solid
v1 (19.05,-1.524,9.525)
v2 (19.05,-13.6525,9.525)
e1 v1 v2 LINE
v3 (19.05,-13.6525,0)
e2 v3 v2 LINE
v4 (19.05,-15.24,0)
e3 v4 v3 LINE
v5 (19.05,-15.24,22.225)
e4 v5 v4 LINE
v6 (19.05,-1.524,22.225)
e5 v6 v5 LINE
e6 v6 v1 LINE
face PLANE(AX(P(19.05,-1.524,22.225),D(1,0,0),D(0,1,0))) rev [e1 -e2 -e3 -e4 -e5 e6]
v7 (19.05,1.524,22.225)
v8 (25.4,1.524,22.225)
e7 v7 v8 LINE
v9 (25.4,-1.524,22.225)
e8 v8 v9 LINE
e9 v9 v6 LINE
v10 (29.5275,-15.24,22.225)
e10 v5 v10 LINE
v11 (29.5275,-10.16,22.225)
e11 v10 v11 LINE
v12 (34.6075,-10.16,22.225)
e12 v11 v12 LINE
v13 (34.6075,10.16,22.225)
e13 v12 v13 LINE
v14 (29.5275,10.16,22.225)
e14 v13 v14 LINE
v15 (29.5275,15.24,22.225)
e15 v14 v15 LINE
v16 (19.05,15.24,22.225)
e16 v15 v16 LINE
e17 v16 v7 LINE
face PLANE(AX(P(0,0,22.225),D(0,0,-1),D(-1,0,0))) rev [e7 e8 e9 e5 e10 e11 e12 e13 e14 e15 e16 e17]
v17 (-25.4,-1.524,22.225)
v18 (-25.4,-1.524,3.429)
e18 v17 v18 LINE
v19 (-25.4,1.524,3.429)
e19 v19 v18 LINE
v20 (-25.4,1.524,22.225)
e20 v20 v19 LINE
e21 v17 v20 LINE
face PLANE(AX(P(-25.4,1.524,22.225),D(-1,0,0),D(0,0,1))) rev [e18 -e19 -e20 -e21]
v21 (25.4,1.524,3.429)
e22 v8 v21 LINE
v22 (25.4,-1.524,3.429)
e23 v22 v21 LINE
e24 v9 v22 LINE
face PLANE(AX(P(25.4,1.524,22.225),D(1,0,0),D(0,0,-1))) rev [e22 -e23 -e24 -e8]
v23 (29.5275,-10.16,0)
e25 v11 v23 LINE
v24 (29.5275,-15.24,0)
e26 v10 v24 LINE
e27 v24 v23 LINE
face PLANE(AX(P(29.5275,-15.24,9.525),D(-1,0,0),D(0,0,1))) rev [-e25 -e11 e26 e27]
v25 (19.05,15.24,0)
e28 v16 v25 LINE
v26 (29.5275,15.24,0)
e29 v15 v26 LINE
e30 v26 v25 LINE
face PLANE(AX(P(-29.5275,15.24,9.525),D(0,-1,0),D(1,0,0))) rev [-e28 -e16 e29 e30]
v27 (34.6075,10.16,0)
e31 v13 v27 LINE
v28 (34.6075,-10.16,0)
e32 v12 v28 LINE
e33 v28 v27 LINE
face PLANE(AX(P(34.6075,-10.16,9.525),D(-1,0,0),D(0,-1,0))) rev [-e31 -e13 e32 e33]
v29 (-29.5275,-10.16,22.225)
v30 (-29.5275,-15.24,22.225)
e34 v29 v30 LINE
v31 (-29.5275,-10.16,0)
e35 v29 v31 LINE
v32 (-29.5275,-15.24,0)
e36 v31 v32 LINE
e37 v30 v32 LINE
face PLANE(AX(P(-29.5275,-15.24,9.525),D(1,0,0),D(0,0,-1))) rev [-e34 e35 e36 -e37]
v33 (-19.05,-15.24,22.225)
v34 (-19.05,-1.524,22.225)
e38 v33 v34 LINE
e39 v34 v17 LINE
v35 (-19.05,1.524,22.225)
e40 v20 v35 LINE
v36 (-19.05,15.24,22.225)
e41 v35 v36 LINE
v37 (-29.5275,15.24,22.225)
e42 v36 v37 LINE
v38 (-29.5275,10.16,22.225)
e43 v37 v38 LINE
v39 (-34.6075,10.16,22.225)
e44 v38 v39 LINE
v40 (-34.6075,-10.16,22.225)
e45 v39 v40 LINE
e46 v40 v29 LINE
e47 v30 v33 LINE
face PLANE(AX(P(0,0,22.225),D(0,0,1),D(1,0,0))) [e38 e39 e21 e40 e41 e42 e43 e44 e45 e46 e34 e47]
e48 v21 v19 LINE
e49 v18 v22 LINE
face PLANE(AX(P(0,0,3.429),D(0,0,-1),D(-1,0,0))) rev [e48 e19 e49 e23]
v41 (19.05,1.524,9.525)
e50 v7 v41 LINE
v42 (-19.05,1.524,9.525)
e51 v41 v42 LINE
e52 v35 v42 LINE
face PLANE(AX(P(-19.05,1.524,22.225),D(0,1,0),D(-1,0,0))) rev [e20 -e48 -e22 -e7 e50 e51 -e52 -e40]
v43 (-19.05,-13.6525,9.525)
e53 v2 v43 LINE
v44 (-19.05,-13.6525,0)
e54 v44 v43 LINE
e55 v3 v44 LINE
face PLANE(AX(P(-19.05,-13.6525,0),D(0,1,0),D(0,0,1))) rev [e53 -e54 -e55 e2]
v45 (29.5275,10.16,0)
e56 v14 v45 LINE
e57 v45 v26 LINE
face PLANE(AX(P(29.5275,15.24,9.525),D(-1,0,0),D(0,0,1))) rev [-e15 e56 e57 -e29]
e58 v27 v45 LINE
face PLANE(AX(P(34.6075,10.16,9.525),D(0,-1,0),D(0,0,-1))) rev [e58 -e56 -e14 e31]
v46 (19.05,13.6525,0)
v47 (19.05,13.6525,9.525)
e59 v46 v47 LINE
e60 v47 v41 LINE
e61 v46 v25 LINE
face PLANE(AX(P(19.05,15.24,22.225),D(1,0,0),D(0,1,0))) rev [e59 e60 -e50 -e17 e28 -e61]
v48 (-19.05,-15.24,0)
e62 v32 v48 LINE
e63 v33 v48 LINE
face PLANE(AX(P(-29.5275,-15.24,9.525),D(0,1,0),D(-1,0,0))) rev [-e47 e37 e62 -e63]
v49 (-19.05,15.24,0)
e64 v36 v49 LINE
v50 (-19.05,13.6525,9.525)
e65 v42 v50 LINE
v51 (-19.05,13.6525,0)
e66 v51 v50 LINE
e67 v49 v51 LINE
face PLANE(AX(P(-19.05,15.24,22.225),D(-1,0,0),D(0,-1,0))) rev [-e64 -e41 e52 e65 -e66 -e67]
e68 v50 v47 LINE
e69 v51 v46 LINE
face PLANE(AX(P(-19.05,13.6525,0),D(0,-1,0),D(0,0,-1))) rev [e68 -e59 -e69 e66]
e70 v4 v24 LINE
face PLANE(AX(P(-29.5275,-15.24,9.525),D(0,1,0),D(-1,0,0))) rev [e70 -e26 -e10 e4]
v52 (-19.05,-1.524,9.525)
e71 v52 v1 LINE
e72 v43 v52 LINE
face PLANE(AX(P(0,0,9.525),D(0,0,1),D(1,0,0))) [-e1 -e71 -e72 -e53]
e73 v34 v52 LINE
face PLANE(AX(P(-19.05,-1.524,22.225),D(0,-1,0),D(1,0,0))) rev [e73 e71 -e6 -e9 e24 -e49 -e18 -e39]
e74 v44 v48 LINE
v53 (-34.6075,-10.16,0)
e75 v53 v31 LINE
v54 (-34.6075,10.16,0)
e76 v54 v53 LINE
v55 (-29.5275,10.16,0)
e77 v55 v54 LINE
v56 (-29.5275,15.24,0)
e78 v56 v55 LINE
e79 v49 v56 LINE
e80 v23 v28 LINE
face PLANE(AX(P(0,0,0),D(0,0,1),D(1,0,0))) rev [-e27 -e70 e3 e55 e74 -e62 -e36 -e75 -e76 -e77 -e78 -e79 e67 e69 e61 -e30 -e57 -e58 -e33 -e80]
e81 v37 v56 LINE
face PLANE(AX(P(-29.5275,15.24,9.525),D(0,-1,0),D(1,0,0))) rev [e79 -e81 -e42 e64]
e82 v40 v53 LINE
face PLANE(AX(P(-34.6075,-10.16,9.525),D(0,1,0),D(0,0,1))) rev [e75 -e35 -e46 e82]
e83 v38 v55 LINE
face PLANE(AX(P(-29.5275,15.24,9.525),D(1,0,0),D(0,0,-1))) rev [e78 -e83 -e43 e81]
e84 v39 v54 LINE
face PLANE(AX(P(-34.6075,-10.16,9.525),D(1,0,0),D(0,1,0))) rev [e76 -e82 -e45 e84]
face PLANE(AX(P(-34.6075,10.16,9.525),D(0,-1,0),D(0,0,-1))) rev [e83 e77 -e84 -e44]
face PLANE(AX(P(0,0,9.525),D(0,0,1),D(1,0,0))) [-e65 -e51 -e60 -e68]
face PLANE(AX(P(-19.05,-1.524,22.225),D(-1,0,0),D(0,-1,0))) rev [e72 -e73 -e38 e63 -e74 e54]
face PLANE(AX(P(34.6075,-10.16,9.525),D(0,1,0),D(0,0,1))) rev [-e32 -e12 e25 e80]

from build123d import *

# Parameters (mm, degrees)
BOSS_EXTRUDE1_DEPTH     = 9.525
BOSS_EXTRUDE2_DEPTH     = 12.7
SKETCH4_W               = 50.8
SKETCH4_H               = 3.048
CUT_EXTRUDE1_DEPTH      = 6.096
CUT_EXTRUDE2_DEPTH      = 40.890182454
CUT_EXTRUDE2_DEPTH_BACK = 40.890182454
SKETCH5_W               = 38.1
SKETCH5_H               = 1.5875


with BuildPart() as part:
    # Sketch1 → Boss-Extrude1 (new body)
    with BuildSketch(Plane.XY):
        Polygon((-29.5275, -15.24), (29.5275, -15.24), (29.5275, -10.16), (34.6075, -10.16), (34.6075, 10.16), (29.5275, 10.16), (29.5275, 15.24), (-29.5275, 15.24), (-29.5275, 10.16), (-34.6075, 10.16), (-34.6075, -10.16), (-29.5275, -10.16), align=None)
    extrude(amount=BOSS_EXTRUDE1_DEPTH)

    # Sketch3 → Boss-Extrude2 (add)
    with BuildSketch(Plane.XY.offset(9.525)):
        Polygon((-29.5275, 15.24), (-19.05, 15.24), (-19.05, 1.524), (-25.4, 1.524), (-25.4, -1.524), (-19.05, -1.524), (-19.05, -15.24), (-29.5275, -15.24), (-29.5275, -10.16), (-34.6075, -10.16), (-34.6075, 10.16), (-29.5275, 10.16), align=None)
        Polygon((19.05, -1.524), (19.05, -15.24), (29.5275, -15.24), (29.5275, -10.16), (34.6075, -10.16), (34.6075, 10.16), (29.5275, 10.16), (29.5275, 15.24), (19.05, 15.24), (19.05, 1.524), (25.4, 1.524), (25.4, -1.524), align=None)
    extrude(amount=BOSS_EXTRUDE2_DEPTH)

    # Sketch4 → Cut-Extrude1 (cut)
    with BuildSketch(Plane.XY.offset(9.525)):
        Rectangle(SKETCH4_W, SKETCH4_H)
    extrude(amount=-CUT_EXTRUDE1_DEPTH, mode=Mode.SUBTRACT)

    # Sketch5 → Cut-Extrude2 (cut, two sides: drawn at the far end of the back side and taken through both)
    with BuildSketch(Plane.XY.offset(9.525).offset(-CUT_EXTRUDE2_DEPTH_BACK)):
        with Locations((0, 14.44625)):
            Rectangle(SKETCH5_W, SKETCH5_H)
        with Locations((0, -14.44625)):
            Rectangle(SKETCH5_W, SKETCH5_H)
    extrude(amount=CUT_EXTRUDE2_DEPTH + CUT_EXTRUDE2_DEPTH_BACK, mode=Mode.SUBTRACT)


solid = part.part
